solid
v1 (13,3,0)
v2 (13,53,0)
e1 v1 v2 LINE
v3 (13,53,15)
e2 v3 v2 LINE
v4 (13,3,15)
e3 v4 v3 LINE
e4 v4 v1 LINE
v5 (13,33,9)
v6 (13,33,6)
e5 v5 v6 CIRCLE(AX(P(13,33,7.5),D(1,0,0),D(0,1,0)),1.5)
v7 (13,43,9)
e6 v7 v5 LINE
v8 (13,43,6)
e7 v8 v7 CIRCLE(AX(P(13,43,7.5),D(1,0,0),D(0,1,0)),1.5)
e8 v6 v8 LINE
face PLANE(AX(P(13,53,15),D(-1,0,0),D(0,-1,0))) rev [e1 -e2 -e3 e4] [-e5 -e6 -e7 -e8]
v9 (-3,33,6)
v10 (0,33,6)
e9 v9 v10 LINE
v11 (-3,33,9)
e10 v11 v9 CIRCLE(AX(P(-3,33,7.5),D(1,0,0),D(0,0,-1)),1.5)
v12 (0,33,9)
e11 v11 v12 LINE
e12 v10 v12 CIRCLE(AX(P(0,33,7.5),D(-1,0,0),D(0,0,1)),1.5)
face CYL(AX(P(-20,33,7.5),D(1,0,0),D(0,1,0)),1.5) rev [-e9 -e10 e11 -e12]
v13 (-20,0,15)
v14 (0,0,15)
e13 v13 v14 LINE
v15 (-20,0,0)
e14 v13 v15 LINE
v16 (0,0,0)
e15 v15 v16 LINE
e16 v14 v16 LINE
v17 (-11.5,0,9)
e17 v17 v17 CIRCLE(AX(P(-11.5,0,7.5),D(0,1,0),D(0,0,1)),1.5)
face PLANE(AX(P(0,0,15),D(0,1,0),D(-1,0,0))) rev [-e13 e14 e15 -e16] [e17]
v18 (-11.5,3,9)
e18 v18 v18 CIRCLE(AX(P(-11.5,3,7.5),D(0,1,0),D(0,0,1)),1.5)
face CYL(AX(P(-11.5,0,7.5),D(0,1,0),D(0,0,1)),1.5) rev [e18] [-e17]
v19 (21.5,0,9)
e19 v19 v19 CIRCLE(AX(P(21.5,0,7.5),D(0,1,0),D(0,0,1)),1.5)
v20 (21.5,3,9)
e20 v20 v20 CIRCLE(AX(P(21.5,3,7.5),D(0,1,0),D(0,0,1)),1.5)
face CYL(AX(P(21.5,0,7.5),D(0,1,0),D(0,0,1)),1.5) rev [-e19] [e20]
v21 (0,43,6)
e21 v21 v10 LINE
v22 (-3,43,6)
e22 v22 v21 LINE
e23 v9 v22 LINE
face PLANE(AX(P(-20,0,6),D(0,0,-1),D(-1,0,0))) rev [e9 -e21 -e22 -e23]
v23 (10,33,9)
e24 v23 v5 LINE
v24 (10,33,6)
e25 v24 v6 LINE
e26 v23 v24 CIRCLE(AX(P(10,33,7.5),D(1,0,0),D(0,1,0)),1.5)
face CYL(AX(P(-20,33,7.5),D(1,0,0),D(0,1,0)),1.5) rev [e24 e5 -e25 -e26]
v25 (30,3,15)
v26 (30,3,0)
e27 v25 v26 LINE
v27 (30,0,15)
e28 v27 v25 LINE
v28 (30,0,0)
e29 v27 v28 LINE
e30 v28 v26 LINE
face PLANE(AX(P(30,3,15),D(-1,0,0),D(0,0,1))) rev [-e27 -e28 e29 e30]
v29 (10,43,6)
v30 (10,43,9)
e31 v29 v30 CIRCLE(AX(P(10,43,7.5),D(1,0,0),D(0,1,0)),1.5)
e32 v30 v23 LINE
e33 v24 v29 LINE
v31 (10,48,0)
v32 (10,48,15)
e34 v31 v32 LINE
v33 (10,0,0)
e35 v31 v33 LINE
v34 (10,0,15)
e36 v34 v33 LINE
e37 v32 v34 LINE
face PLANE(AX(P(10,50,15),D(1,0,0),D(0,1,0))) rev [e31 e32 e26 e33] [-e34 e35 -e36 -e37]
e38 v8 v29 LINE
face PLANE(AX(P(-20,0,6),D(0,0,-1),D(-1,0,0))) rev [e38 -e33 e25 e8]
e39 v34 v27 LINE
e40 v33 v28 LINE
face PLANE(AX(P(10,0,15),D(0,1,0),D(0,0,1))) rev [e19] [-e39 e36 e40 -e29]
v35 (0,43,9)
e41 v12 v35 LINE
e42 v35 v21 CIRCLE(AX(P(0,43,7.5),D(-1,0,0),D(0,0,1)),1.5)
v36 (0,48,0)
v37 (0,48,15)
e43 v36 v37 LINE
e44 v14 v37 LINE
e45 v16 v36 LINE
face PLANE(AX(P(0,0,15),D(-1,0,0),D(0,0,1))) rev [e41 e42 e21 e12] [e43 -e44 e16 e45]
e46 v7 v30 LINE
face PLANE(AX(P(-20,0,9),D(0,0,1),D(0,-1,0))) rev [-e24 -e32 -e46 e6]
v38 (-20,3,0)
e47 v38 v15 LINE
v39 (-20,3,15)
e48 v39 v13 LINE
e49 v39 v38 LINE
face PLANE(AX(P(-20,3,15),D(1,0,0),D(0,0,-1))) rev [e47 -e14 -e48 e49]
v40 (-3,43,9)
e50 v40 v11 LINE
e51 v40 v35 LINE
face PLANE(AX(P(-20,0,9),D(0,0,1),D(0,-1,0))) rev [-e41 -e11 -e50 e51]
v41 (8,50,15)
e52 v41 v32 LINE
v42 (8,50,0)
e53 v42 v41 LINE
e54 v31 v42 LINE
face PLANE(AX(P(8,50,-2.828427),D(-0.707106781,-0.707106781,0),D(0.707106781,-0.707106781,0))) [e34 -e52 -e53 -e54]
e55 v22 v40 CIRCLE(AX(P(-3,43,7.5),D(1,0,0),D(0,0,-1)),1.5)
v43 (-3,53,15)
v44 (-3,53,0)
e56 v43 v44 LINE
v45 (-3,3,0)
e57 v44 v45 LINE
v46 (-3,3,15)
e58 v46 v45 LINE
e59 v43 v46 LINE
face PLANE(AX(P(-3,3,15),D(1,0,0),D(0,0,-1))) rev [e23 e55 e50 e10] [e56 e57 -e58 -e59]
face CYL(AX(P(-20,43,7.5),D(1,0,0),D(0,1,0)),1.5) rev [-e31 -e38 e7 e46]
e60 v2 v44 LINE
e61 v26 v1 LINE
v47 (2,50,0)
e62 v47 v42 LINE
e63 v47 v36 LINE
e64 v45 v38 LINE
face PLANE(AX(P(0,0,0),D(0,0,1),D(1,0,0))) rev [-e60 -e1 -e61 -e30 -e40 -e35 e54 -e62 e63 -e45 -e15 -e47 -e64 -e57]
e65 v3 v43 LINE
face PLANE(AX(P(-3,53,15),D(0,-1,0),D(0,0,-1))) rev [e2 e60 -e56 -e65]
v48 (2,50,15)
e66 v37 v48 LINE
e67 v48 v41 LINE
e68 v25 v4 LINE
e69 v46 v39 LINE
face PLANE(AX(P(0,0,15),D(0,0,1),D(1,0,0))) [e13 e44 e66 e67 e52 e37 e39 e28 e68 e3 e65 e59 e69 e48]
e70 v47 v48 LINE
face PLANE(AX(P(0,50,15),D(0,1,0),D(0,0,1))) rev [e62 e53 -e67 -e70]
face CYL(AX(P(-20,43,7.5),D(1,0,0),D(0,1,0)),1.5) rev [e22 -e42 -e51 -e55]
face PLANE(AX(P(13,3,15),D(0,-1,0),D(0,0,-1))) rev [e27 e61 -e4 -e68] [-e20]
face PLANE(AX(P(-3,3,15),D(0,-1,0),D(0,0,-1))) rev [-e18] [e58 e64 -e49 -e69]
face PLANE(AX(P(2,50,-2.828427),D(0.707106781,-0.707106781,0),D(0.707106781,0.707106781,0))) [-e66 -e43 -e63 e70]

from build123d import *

# Parameters (mm, degrees)
EXTRUDE_1_DEPTH     = 15
SKETCH_2_R          = 1.5
CUT_EXTRUDE_1_DEPTH = 65.210591027
CUT_EXTRUDE_2_DEPTH = 65.210591027
SKETCH_5_R          = 1.5
CUT_EXTRUDE_3_DEPTH = 61.207972894
EXTRUDE_2_DEPTH     = 15


with BuildPart() as part:
    # 草图1 → 凸台-拉伸1 (new body)
    with BuildSketch(Plane.XY):
        Polygon((0, 0), (0, 50), (10, 50), (10, 0), (30, 0), (30, 3), (13, 3), (13, 53), (-3, 53), (-3, 3), (-20, 3), (-20, 0), align=None)
    extrude(amount=EXTRUDE_1_DEPTH)

    # 草图2 → 切除-拉伸1 (cut, through all)
    with BuildSketch(Plane(origin=(13, 0, 0), x_dir=(0, 0, -1), z_dir=(1, 0, 0))):
        with Locations((-7.5, 43)):
            Circle(SKETCH_2_R)
    extrude(amount=-CUT_EXTRUDE_1_DEPTH, mode=Mode.SUBTRACT)

    # 草图4 → 切除-拉伸2 (cut, through all)
    with BuildSketch(Plane(origin=(13, 0, 0), x_dir=(0, 0, -1), z_dir=(1, 0, 0))):
        with BuildLine():
            ThreePointArc((-6, 43), (-7.5, 41.5), (-9, 43))
            Line((-9, 43), (-9, 33))
            ThreePointArc((-9, 33), (-7.5, 34.5), (-6, 33))
            Line((-6, 33), (-6, 43))
        make_face()
        with BuildLine():
            ThreePointArc((-6, 33), (-7.5, 34.5), (-9, 33))
            Line((-9, 33), (-6, 33))
        make_face()
        with BuildLine():
            Line((-6, 33), (-9, 33))
            ThreePointArc((-9, 33), (-7.5, 31.5), (-6, 33))
        make_face()
    extrude(amount=-CUT_EXTRUDE_2_DEPTH, mode=Mode.SUBTRACT)

    # 草图5 → 切除-拉伸3 (cut, through all)
    with BuildSketch(Plane(origin=(0, 3, 0), x_dir=(1, 0, 0), z_dir=(0, 1, 0))):
        with Locations(Location((-11.5, -7.5, 0), (0, 0, 270))):
            Circle(SKETCH_5_R)
        with Locations(Location((21.5, -7.5, 0), (0, 0, 270))):
            Circle(SKETCH_5_R)
    extrude(amount=-CUT_EXTRUDE_3_DEPTH, mode=Mode.SUBTRACT)

    # 草图6 → 凸台-拉伸2 (add)
    with BuildSketch(Plane.XY.offset(15)):
        Polygon((0, 50), (2, 50), (0, 48), align=None)
        Polygon((10, 50), (8, 50), (10, 48), align=None)
    extrude(amount=-EXTRUDE_2_DEPTH)


solid = part.part
